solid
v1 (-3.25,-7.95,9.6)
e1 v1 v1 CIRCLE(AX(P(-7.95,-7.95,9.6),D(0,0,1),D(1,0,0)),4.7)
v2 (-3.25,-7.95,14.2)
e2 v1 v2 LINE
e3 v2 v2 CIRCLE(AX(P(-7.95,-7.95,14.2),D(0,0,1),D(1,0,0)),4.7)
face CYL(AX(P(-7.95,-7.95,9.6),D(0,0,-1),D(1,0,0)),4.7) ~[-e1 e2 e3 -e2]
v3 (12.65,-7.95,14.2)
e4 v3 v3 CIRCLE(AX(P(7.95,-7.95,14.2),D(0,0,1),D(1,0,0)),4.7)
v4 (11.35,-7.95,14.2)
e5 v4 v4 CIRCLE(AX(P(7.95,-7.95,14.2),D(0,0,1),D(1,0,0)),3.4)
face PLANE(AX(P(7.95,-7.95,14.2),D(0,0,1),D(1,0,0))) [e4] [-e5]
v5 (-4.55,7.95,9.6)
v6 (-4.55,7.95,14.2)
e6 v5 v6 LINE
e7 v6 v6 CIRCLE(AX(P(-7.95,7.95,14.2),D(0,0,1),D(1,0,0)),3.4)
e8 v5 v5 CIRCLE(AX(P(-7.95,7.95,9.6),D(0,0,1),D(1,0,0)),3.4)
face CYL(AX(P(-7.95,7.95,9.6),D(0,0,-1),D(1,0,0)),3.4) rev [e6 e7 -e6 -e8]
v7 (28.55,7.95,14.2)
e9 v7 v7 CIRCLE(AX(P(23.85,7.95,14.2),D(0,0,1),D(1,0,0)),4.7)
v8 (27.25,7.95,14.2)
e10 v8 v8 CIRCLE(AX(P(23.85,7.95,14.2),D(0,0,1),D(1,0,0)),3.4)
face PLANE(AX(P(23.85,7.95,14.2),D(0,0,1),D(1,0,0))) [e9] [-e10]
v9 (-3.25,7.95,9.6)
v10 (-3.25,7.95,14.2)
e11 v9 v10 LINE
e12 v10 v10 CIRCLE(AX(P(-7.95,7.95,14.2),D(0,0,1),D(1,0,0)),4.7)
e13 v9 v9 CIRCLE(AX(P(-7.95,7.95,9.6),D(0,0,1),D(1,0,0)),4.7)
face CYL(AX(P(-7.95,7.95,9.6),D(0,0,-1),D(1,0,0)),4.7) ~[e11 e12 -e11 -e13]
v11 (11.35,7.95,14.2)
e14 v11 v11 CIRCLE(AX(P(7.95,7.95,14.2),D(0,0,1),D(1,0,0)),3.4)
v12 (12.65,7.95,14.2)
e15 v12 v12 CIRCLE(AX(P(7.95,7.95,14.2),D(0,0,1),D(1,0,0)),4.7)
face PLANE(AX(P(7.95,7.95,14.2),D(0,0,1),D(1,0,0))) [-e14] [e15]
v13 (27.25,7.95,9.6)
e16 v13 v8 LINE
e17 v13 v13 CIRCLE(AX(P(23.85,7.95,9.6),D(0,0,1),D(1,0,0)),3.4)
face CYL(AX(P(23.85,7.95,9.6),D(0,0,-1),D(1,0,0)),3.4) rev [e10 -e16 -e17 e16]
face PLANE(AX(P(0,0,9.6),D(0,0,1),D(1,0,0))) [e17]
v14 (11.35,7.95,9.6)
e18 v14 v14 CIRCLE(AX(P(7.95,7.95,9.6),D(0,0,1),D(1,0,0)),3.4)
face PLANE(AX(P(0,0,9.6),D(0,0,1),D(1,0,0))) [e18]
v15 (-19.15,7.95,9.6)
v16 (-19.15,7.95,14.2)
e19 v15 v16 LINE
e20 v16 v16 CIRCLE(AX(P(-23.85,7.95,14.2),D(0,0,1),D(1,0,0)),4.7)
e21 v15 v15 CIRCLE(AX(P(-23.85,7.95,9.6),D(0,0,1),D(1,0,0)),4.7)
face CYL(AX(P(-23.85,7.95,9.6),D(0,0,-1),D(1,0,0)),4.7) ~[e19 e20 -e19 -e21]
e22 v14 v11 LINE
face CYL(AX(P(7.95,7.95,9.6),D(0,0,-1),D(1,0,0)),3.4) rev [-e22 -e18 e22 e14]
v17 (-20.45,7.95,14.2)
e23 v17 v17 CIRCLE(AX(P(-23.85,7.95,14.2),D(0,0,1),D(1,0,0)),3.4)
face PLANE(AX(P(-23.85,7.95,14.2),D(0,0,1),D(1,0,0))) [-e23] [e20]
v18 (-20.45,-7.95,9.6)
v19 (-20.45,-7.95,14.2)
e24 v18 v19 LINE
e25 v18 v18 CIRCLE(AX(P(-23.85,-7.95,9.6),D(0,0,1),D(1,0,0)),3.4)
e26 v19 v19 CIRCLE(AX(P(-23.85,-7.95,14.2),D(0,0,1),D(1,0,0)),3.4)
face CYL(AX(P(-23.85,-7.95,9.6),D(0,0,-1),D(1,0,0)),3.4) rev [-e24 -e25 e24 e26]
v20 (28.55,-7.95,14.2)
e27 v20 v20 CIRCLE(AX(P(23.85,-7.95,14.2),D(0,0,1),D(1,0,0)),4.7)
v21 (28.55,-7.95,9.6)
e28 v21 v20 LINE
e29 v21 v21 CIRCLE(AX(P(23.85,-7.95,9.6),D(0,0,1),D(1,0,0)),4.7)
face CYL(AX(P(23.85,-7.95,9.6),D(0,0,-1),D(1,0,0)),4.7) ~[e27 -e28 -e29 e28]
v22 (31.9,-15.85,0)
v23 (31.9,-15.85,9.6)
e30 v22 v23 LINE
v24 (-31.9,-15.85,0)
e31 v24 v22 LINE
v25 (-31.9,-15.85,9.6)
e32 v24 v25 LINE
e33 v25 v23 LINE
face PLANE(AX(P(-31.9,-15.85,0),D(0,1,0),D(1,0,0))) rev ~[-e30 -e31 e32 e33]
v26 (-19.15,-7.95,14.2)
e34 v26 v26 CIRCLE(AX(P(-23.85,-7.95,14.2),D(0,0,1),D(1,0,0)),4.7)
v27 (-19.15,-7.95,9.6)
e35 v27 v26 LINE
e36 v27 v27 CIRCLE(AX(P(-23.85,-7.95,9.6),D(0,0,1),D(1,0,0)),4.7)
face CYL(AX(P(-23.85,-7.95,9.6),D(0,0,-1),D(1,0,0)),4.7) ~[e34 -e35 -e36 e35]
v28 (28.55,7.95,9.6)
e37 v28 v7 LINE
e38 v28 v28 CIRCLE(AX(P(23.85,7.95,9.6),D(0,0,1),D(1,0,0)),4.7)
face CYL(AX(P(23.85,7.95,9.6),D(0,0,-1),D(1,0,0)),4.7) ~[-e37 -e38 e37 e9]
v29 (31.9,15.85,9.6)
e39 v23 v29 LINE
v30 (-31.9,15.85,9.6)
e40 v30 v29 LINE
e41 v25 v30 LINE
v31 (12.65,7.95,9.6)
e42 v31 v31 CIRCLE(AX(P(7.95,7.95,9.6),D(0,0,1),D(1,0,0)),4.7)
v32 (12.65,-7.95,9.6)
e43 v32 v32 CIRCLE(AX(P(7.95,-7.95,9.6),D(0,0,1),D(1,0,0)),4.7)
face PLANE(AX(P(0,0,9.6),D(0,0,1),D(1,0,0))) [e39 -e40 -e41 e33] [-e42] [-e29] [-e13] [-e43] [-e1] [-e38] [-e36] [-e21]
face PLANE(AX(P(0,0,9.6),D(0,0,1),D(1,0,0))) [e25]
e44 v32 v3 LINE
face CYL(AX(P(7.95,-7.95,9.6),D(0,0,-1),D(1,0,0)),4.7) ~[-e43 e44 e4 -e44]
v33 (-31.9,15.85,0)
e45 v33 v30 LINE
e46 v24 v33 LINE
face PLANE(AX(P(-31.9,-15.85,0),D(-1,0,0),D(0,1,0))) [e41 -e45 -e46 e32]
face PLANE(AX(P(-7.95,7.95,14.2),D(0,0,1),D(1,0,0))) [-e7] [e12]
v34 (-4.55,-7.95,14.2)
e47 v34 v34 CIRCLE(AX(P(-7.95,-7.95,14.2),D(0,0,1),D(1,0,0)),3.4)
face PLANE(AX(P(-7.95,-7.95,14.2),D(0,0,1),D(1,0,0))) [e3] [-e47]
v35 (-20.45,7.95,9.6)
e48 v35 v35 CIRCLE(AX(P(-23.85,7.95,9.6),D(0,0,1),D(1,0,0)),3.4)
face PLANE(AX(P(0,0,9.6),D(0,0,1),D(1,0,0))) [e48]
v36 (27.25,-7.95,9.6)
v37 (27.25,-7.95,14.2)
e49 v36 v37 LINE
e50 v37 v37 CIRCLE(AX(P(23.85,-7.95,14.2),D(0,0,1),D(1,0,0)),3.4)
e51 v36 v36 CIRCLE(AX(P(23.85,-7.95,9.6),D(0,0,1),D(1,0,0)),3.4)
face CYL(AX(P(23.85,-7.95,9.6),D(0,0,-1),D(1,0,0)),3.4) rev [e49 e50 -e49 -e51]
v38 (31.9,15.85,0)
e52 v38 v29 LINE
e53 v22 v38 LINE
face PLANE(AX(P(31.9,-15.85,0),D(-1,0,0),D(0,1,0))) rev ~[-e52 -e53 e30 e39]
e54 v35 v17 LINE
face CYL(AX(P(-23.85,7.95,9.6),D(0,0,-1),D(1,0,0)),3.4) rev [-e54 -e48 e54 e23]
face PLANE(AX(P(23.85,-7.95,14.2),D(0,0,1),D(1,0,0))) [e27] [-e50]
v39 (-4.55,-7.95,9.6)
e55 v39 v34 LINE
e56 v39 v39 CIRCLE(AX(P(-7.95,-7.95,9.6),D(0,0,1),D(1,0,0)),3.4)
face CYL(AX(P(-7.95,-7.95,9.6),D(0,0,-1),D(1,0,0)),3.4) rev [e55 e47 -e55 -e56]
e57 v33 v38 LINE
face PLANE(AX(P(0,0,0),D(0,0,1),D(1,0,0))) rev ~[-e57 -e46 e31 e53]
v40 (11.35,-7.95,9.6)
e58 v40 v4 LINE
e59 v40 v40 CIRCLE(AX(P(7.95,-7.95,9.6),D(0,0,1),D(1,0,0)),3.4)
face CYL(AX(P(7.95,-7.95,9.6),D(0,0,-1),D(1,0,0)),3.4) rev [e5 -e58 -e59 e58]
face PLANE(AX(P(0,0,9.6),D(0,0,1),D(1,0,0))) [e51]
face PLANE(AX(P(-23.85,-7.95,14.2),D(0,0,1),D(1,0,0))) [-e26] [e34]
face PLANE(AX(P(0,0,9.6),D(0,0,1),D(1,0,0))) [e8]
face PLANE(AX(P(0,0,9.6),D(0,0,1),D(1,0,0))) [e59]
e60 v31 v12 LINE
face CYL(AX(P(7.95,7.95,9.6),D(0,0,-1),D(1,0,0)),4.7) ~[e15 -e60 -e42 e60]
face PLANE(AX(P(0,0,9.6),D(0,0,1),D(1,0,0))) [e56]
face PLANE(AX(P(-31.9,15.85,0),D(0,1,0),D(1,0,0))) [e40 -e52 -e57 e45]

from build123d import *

# Parameters (mm, degrees)
F0_W     = 63.8
F0_H     = 31.7
F1_DEPTH = 9.6
F2_R     = 4.7
F2_R_2   = 3.4
F3_DEPTH = 4.6


with BuildPart() as f1:
    # F0 (on Top) → F1 (new body)
    with BuildSketch(Plane.XY):
        Rectangle(F0_W, F0_H)
    extrude(amount=F1_DEPTH)

    # F2 (on face) → F3 (join)
    with BuildSketch(Plane.XY.offset(9.6)):
        with Locations((7.95, 7.95)):
            Circle(F2_R)
        with Locations((7.95, 7.95)):
            Circle(F2_R_2, mode=Mode.SUBTRACT)
        with Locations((-7.95, 7.95)):
            Circle(F2_R)
        with Locations((-7.95, 7.95)):
            Circle(F2_R_2, mode=Mode.SUBTRACT)
        with Locations((-23.85, 7.95)):
            Circle(F2_R)
        with Locations((-23.85, 7.95)):
            Circle(F2_R_2, mode=Mode.SUBTRACT)
        with Locations((23.85, 7.95)):
            Circle(F2_R)
        with Locations((23.85, 7.95)):
            Circle(F2_R_2, mode=Mode.SUBTRACT)
        with Locations((7.95, -7.95)):
            Circle(F2_R)
        with Locations((7.95, -7.95)):
            Circle(F2_R_2, mode=Mode.SUBTRACT)
        with Locations((-23.85, -7.95)):
            Circle(F2_R)
        with Locations((-23.85, -7.95)):
            Circle(F2_R_2, mode=Mode.SUBTRACT)
        with Locations((23.85, -7.95)):
            Circle(F2_R)
        with Locations((23.85, -7.95)):
            Circle(F2_R_2, mode=Mode.SUBTRACT)
        with Locations((-7.95, -7.95)):
            Circle(F2_R)
        with Locations((-7.95, -7.95)):
            Circle(F2_R_2, mode=Mode.SUBTRACT)
    extrude(amount=F3_DEPTH)


solid = f1.part
